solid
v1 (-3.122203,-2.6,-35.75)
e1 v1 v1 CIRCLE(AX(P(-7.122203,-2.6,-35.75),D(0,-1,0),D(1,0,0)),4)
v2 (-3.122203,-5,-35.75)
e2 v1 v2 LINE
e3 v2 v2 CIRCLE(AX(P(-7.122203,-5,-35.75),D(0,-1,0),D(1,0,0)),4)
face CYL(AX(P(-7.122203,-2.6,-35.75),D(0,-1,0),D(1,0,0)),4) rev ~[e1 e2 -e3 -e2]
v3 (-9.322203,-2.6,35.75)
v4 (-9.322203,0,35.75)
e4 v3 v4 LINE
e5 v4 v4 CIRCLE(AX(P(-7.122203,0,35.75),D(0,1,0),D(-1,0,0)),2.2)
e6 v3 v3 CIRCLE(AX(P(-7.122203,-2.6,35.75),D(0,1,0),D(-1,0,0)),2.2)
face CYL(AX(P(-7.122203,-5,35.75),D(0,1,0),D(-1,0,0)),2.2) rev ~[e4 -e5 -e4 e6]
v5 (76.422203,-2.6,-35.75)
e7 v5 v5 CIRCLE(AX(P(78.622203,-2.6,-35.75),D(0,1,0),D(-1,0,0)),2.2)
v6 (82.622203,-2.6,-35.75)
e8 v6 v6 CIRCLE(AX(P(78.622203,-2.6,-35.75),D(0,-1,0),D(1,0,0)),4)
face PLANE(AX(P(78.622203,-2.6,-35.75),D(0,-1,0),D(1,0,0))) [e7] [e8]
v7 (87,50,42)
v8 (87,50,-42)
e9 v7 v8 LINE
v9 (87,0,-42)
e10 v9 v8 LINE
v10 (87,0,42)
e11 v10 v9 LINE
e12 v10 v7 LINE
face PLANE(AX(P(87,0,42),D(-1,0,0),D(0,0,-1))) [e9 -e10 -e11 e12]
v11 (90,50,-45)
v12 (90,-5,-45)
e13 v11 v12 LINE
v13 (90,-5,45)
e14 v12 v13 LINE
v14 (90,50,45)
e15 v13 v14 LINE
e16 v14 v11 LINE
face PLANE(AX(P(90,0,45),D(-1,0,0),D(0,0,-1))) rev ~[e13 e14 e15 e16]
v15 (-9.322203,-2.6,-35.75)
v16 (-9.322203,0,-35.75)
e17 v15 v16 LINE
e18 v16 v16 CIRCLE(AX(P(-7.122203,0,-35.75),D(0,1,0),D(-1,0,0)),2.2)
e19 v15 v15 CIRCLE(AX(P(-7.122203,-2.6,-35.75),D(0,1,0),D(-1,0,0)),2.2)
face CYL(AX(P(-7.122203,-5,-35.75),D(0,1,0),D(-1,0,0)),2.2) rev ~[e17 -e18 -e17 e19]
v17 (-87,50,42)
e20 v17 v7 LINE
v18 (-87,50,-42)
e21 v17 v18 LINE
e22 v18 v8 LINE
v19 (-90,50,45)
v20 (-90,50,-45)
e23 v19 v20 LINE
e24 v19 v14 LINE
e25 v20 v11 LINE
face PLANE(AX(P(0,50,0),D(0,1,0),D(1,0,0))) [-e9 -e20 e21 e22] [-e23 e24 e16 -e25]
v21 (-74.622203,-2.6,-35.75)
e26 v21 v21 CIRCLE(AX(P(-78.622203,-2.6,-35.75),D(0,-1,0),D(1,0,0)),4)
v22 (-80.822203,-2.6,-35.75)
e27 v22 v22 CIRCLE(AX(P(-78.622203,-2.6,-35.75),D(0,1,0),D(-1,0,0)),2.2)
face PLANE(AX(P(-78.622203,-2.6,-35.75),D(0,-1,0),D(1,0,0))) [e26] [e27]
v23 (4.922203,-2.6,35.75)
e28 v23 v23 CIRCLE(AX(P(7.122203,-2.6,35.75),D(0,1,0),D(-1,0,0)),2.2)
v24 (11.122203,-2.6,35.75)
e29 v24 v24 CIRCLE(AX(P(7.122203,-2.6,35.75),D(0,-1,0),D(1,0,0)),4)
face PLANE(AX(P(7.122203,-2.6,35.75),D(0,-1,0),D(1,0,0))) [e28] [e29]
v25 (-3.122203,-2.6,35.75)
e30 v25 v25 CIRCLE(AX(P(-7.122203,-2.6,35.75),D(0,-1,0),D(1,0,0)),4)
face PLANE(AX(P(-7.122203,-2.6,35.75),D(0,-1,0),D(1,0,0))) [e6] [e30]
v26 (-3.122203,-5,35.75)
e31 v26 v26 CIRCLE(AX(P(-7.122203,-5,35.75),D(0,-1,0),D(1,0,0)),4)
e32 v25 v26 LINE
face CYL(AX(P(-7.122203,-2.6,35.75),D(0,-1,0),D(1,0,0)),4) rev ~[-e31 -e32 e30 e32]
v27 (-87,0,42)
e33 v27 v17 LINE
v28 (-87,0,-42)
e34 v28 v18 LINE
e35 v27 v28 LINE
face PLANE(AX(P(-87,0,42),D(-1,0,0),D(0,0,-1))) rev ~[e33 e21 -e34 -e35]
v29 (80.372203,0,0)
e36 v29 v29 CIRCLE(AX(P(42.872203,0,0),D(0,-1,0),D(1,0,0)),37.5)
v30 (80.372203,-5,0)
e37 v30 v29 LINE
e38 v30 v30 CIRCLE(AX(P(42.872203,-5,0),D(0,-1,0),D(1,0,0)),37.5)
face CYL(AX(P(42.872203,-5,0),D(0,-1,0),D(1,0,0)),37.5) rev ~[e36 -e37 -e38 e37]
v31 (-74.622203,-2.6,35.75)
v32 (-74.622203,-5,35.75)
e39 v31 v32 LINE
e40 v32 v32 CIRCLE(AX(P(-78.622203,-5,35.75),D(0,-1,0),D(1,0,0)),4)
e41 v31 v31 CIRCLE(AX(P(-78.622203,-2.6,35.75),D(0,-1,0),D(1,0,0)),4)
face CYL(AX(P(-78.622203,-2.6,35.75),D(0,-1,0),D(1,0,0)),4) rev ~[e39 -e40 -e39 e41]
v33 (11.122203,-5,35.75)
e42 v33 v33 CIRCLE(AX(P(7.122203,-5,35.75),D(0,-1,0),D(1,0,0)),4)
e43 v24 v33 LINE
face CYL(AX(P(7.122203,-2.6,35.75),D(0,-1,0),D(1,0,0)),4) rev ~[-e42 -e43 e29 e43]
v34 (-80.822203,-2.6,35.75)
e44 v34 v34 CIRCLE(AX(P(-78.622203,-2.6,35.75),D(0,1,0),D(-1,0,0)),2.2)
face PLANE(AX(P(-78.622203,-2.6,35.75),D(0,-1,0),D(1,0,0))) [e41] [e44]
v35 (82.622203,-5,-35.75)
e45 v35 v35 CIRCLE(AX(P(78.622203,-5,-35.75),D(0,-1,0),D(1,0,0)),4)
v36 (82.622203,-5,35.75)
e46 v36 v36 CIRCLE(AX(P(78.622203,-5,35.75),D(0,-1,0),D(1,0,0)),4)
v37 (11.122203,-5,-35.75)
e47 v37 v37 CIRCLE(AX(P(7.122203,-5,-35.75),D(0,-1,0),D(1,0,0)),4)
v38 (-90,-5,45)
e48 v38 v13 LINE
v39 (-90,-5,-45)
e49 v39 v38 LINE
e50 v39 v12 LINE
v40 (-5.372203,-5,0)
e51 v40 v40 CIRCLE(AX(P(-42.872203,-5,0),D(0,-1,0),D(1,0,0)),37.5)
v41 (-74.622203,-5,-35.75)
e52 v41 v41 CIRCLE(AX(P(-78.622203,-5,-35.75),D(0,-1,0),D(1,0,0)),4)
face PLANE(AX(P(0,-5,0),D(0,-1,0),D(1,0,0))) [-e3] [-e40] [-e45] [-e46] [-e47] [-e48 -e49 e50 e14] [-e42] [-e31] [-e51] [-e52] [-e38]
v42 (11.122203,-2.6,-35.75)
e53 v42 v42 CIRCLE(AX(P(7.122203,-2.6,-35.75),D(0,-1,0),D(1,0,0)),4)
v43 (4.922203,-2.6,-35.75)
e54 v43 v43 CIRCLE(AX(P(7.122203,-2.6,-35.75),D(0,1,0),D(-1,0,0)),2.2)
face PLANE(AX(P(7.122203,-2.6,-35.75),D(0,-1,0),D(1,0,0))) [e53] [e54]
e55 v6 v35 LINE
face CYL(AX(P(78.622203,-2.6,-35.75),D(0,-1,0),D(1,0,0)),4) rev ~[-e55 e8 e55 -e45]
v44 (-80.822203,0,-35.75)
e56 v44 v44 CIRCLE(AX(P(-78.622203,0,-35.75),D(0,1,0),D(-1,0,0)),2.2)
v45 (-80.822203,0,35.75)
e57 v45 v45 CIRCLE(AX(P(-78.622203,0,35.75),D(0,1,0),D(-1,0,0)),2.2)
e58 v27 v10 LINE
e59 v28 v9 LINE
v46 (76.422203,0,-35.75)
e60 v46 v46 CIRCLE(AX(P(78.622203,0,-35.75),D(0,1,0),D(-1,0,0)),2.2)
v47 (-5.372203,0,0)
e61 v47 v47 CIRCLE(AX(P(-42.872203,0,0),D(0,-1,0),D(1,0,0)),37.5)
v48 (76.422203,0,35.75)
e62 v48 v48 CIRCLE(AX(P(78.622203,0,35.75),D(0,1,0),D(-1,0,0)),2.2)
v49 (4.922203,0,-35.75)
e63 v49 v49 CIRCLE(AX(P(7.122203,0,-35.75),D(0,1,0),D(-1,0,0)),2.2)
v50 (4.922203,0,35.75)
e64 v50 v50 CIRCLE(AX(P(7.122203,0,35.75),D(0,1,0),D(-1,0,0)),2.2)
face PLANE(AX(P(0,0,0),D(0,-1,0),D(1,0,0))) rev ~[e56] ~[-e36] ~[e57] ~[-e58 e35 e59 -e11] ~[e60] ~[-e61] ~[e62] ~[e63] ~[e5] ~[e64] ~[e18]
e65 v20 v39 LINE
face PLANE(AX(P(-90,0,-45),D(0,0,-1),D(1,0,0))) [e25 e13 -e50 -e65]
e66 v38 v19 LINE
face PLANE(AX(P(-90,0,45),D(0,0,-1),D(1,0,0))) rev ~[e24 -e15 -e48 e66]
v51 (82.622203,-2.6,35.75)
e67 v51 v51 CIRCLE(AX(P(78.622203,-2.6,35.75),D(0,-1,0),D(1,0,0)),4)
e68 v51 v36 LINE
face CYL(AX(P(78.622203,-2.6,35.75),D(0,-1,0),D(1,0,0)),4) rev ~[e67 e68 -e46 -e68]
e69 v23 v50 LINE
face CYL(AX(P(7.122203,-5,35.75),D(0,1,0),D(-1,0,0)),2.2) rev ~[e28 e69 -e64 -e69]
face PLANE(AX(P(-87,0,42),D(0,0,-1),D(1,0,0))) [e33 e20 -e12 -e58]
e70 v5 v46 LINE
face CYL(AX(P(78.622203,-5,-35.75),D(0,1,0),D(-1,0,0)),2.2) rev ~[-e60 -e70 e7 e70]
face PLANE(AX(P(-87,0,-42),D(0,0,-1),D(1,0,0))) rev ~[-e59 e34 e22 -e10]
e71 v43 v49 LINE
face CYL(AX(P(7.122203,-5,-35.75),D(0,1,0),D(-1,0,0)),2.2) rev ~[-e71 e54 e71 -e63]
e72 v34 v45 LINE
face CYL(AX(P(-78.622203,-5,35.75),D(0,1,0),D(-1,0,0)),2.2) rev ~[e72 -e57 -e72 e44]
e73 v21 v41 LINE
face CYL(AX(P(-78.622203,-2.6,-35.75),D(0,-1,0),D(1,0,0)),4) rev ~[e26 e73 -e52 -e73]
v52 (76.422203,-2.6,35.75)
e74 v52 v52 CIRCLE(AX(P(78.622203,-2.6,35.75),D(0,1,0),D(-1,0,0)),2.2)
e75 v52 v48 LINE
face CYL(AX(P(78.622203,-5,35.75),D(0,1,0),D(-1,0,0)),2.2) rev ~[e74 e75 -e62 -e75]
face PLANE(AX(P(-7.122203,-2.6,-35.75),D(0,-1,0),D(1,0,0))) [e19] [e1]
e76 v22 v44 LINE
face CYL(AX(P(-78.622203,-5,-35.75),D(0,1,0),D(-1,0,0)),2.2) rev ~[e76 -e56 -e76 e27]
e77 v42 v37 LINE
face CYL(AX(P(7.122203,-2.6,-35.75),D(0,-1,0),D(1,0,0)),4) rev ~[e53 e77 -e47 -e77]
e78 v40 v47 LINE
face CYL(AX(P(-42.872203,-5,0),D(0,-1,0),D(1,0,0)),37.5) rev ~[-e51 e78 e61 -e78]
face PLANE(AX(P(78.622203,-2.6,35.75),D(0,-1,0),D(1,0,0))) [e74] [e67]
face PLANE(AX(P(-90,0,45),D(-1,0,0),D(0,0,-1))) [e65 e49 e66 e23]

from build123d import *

# Parameters (mm, degrees)
SKETCH_W         = 180
SKETCH_H         = 90
PAD_DEPTH        = 5
SKETCH001_R      = 37.5
POCKET_DEPTH     = 5
HOLE_D           = 4.4
HOLE_DEPTH       = 25
HOLE_CBORE_D     = 8
HOLE_CBORE_DEPTH = 2.4
SKETCH003_W      = 180
SKETCH003_H      = 90
SKETCH003_W_2    = 174
SKETCH003_H_2    = 84
PAD001_DEPTH     = 50


with BuildPart() as part:
    # Sketch → Pad (new body)
    with BuildSketch(Plane.XZ):
        Rectangle(SKETCH_W, SKETCH_H)
    extrude(amount=PAD_DEPTH)

    # Sketch001 (on Face6 of Pad) → Pocket (cut)
    with BuildSketch(Plane.XZ.offset(5)):
        with Locations((-42.872203, 0)):
            Circle(SKETCH001_R)
        with Locations((42.872203, 0)):
            Circle(SKETCH001_R)
    extrude(amount=-POCKET_DEPTH, mode=Mode.SUBTRACT)

    # Hole
    with Locations(Plane.XZ.offset(5)):
        with Locations((-78.622203, 35.75), (-7.122203, 35.75), (-78.622203, -35.75), (-7.122203, -35.75), (7.122203, 35.75), (78.622203, 35.75), (78.622203, -35.75), (7.122203, -35.75)):
            CounterBoreHole(HOLE_D / 2, HOLE_CBORE_D / 2, HOLE_CBORE_DEPTH, depth=HOLE_DEPTH)

    # Sketch003 (on Face5 of Pad) → Pad001 (join)
    with BuildSketch(Plane(origin=(0, 0, 0), x_dir=(1, 0, 0), z_dir=(0, 1, 0))):
        Rectangle(SKETCH003_W, SKETCH003_H)
        Rectangle(SKETCH003_W_2, SKETCH003_H_2, mode=Mode.SUBTRACT)
    extrude(amount=PAD001_DEPTH)


solid = part.part
